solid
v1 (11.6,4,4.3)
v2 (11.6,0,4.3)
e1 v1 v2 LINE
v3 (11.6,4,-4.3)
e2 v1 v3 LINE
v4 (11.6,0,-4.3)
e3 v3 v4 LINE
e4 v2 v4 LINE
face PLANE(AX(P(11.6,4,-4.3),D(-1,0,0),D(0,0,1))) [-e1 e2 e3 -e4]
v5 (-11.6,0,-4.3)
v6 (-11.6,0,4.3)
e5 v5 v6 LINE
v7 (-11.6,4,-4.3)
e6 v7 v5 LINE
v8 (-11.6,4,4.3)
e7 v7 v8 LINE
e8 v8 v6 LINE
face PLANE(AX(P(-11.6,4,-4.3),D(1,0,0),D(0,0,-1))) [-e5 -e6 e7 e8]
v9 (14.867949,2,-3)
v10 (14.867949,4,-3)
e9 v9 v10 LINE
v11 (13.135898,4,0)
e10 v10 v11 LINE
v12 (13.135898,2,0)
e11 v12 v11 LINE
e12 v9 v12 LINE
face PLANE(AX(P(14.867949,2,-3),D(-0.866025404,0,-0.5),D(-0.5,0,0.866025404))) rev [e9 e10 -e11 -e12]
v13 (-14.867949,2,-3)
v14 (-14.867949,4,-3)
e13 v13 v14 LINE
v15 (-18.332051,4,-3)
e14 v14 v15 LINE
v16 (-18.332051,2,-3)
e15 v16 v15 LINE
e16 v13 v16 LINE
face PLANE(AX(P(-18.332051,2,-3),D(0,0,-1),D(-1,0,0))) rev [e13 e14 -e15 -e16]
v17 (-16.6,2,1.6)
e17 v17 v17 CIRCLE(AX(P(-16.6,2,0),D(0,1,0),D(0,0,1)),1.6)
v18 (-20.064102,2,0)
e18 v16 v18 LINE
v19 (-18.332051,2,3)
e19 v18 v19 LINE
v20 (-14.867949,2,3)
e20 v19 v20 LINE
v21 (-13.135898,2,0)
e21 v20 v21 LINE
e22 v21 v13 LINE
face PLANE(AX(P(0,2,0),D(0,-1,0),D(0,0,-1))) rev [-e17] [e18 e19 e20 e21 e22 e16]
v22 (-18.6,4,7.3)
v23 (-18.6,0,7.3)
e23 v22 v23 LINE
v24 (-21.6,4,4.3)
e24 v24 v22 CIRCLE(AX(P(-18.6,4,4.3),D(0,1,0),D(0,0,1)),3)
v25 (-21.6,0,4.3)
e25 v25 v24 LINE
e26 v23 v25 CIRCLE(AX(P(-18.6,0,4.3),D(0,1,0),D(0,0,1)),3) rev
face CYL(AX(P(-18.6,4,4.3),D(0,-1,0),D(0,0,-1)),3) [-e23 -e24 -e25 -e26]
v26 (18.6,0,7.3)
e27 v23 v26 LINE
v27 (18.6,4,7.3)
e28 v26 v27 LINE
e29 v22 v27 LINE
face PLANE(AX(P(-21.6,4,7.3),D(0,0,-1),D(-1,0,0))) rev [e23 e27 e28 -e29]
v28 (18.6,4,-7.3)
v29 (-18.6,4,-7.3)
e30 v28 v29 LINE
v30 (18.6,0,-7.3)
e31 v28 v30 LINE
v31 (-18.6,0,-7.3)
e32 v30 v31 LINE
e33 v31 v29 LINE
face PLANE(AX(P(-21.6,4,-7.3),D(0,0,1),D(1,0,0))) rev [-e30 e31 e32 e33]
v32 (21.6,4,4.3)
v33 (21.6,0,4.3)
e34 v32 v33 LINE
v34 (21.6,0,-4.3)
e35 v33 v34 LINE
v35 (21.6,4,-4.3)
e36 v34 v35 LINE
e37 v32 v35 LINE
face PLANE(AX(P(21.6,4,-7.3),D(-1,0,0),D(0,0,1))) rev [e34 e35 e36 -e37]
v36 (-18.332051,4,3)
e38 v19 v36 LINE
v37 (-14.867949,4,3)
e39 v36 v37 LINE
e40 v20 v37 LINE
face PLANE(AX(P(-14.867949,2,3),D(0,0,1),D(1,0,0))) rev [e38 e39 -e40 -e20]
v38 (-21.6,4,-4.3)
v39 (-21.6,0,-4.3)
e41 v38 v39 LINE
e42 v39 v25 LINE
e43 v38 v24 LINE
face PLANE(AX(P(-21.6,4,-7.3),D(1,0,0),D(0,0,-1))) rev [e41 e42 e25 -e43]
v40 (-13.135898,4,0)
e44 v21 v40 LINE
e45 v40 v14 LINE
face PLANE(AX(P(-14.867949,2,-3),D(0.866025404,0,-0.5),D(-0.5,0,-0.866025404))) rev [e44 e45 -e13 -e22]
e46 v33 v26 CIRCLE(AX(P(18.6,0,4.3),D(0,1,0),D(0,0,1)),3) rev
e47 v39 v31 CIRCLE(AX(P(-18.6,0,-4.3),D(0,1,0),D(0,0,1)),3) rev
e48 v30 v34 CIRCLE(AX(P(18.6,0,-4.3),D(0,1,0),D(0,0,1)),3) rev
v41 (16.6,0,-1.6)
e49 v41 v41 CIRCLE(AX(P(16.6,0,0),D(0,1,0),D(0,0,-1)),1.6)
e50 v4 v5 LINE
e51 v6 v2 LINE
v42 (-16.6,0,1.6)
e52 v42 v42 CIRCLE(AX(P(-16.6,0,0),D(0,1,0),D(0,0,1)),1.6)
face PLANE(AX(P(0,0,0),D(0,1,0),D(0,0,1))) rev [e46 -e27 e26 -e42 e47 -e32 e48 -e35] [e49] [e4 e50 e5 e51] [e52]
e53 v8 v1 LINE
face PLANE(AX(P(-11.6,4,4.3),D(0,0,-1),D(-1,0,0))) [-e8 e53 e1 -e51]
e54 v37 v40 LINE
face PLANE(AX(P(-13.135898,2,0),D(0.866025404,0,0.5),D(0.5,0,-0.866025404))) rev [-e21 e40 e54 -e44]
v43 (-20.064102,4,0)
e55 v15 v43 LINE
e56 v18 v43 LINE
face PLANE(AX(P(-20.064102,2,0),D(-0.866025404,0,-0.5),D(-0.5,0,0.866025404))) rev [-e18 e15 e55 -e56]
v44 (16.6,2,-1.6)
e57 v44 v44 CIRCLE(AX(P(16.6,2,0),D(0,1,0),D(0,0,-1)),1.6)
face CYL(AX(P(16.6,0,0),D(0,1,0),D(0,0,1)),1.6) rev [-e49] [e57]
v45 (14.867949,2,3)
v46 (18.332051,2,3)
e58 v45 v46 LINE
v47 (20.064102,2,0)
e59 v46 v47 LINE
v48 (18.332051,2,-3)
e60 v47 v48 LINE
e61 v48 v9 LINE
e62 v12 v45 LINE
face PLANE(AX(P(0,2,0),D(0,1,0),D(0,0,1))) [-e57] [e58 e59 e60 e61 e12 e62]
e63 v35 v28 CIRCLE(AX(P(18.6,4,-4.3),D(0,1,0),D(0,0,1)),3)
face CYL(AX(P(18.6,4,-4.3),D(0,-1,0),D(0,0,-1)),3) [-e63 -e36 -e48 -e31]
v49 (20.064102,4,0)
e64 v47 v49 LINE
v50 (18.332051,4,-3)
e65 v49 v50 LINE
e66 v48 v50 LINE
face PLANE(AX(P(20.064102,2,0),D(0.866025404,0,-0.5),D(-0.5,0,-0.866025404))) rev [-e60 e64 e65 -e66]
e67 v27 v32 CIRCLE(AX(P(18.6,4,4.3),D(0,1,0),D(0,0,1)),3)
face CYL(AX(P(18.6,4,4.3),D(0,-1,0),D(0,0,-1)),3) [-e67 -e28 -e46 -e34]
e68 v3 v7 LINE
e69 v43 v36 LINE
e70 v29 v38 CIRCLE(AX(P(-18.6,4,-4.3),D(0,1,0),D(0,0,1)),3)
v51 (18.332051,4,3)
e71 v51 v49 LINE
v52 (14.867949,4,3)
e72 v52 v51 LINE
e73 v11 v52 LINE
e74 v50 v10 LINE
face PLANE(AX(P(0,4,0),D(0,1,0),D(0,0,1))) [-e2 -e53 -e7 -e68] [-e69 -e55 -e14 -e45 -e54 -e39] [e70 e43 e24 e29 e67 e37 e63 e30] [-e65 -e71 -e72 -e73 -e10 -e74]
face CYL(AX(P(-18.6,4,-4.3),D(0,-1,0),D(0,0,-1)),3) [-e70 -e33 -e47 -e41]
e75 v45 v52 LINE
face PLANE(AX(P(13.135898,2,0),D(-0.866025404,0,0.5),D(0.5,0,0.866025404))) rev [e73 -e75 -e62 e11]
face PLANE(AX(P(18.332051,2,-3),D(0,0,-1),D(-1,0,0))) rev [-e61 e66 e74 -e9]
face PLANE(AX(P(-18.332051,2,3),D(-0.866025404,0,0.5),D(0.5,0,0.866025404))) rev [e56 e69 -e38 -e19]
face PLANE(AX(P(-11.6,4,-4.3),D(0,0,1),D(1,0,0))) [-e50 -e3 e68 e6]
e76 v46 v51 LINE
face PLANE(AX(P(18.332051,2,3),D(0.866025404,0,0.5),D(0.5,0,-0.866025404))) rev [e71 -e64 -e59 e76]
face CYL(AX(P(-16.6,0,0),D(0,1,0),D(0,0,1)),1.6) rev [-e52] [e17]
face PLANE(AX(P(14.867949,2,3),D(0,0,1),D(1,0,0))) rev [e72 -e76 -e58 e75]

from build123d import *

# Parameters (mm, degrees)
SKETCH1_W           = 43.2
SKETCH1_H           = 14.6
SKETCH1_W_2         = 23.2
SKETCH1_H_2         = 8.6
BOSS_EXTRUDE1_DEPTH = 4
CUT_EXTRUDE1_DEPTH  = 2
SKETCH5_R           = 1.6
CUT_EXTRUDE2_DEPTH  = 23.88776966
FILLET2_R           = 3


with BuildPart() as part:
    # Sketch1 → Boss-Extrude1 (new body)
    with BuildSketch(Plane(origin=(0, 0, 0), x_dir=(1, 0, 0), z_dir=(0, 1, 0))):
        Rectangle(SKETCH1_W, SKETCH1_H)
        Rectangle(SKETCH1_W_2, SKETCH1_H_2, mode=Mode.SUBTRACT)
    extrude(amount=BOSS_EXTRUDE1_DEPTH)

    # Sketch4 → Cut-Extrude1 (cut)
    with BuildSketch(Plane(origin=(0, 4, 0), x_dir=(1, 0, 0), z_dir=(0, 1, 0))):
        Polygon((18.332050808, -3), (20.064101615, 0), (18.332050808, 3), (14.867949192, 3), (13.135898385, 0), (14.867949192, -3), align=None)
        Polygon((-14.867949192, -3), (-18.332050808, -3), (-20.064101615, 0), (-18.332050808, 3), (-14.867949192, 3), (-13.135898385, 0), align=None)
    extrude(amount=-CUT_EXTRUDE1_DEPTH, mode=Mode.SUBTRACT)

    # Sketch5 → Cut-Extrude2 (cut, through all)
    with BuildSketch(Plane(origin=(0, 2, 0), x_dir=(1, 0, 0), z_dir=(0, 1, 0))):
        with Locations(Location((-16.6, 0, 0), (0, 0, 270))):
            Circle(SKETCH5_R)
        with Locations(Location((16.6, 0, 0), (0, 0, 90))):
            Circle(SKETCH5_R)
    extrude(amount=-CUT_EXTRUDE2_DEPTH, mode=Mode.SUBTRACT)

    # Fillet2
    fillet2_edges = [part.edges().sort_by_distance(p)[0] for p in [
        (-21.6, 2, -7.3),
        (21.6, 2, -7.3),
        (21.6, 2, 7.3),
        (-21.6, 2, 7.3),
    ]]
    fillet(fillet2_edges, radius=FILLET2_R)


solid = part.part
